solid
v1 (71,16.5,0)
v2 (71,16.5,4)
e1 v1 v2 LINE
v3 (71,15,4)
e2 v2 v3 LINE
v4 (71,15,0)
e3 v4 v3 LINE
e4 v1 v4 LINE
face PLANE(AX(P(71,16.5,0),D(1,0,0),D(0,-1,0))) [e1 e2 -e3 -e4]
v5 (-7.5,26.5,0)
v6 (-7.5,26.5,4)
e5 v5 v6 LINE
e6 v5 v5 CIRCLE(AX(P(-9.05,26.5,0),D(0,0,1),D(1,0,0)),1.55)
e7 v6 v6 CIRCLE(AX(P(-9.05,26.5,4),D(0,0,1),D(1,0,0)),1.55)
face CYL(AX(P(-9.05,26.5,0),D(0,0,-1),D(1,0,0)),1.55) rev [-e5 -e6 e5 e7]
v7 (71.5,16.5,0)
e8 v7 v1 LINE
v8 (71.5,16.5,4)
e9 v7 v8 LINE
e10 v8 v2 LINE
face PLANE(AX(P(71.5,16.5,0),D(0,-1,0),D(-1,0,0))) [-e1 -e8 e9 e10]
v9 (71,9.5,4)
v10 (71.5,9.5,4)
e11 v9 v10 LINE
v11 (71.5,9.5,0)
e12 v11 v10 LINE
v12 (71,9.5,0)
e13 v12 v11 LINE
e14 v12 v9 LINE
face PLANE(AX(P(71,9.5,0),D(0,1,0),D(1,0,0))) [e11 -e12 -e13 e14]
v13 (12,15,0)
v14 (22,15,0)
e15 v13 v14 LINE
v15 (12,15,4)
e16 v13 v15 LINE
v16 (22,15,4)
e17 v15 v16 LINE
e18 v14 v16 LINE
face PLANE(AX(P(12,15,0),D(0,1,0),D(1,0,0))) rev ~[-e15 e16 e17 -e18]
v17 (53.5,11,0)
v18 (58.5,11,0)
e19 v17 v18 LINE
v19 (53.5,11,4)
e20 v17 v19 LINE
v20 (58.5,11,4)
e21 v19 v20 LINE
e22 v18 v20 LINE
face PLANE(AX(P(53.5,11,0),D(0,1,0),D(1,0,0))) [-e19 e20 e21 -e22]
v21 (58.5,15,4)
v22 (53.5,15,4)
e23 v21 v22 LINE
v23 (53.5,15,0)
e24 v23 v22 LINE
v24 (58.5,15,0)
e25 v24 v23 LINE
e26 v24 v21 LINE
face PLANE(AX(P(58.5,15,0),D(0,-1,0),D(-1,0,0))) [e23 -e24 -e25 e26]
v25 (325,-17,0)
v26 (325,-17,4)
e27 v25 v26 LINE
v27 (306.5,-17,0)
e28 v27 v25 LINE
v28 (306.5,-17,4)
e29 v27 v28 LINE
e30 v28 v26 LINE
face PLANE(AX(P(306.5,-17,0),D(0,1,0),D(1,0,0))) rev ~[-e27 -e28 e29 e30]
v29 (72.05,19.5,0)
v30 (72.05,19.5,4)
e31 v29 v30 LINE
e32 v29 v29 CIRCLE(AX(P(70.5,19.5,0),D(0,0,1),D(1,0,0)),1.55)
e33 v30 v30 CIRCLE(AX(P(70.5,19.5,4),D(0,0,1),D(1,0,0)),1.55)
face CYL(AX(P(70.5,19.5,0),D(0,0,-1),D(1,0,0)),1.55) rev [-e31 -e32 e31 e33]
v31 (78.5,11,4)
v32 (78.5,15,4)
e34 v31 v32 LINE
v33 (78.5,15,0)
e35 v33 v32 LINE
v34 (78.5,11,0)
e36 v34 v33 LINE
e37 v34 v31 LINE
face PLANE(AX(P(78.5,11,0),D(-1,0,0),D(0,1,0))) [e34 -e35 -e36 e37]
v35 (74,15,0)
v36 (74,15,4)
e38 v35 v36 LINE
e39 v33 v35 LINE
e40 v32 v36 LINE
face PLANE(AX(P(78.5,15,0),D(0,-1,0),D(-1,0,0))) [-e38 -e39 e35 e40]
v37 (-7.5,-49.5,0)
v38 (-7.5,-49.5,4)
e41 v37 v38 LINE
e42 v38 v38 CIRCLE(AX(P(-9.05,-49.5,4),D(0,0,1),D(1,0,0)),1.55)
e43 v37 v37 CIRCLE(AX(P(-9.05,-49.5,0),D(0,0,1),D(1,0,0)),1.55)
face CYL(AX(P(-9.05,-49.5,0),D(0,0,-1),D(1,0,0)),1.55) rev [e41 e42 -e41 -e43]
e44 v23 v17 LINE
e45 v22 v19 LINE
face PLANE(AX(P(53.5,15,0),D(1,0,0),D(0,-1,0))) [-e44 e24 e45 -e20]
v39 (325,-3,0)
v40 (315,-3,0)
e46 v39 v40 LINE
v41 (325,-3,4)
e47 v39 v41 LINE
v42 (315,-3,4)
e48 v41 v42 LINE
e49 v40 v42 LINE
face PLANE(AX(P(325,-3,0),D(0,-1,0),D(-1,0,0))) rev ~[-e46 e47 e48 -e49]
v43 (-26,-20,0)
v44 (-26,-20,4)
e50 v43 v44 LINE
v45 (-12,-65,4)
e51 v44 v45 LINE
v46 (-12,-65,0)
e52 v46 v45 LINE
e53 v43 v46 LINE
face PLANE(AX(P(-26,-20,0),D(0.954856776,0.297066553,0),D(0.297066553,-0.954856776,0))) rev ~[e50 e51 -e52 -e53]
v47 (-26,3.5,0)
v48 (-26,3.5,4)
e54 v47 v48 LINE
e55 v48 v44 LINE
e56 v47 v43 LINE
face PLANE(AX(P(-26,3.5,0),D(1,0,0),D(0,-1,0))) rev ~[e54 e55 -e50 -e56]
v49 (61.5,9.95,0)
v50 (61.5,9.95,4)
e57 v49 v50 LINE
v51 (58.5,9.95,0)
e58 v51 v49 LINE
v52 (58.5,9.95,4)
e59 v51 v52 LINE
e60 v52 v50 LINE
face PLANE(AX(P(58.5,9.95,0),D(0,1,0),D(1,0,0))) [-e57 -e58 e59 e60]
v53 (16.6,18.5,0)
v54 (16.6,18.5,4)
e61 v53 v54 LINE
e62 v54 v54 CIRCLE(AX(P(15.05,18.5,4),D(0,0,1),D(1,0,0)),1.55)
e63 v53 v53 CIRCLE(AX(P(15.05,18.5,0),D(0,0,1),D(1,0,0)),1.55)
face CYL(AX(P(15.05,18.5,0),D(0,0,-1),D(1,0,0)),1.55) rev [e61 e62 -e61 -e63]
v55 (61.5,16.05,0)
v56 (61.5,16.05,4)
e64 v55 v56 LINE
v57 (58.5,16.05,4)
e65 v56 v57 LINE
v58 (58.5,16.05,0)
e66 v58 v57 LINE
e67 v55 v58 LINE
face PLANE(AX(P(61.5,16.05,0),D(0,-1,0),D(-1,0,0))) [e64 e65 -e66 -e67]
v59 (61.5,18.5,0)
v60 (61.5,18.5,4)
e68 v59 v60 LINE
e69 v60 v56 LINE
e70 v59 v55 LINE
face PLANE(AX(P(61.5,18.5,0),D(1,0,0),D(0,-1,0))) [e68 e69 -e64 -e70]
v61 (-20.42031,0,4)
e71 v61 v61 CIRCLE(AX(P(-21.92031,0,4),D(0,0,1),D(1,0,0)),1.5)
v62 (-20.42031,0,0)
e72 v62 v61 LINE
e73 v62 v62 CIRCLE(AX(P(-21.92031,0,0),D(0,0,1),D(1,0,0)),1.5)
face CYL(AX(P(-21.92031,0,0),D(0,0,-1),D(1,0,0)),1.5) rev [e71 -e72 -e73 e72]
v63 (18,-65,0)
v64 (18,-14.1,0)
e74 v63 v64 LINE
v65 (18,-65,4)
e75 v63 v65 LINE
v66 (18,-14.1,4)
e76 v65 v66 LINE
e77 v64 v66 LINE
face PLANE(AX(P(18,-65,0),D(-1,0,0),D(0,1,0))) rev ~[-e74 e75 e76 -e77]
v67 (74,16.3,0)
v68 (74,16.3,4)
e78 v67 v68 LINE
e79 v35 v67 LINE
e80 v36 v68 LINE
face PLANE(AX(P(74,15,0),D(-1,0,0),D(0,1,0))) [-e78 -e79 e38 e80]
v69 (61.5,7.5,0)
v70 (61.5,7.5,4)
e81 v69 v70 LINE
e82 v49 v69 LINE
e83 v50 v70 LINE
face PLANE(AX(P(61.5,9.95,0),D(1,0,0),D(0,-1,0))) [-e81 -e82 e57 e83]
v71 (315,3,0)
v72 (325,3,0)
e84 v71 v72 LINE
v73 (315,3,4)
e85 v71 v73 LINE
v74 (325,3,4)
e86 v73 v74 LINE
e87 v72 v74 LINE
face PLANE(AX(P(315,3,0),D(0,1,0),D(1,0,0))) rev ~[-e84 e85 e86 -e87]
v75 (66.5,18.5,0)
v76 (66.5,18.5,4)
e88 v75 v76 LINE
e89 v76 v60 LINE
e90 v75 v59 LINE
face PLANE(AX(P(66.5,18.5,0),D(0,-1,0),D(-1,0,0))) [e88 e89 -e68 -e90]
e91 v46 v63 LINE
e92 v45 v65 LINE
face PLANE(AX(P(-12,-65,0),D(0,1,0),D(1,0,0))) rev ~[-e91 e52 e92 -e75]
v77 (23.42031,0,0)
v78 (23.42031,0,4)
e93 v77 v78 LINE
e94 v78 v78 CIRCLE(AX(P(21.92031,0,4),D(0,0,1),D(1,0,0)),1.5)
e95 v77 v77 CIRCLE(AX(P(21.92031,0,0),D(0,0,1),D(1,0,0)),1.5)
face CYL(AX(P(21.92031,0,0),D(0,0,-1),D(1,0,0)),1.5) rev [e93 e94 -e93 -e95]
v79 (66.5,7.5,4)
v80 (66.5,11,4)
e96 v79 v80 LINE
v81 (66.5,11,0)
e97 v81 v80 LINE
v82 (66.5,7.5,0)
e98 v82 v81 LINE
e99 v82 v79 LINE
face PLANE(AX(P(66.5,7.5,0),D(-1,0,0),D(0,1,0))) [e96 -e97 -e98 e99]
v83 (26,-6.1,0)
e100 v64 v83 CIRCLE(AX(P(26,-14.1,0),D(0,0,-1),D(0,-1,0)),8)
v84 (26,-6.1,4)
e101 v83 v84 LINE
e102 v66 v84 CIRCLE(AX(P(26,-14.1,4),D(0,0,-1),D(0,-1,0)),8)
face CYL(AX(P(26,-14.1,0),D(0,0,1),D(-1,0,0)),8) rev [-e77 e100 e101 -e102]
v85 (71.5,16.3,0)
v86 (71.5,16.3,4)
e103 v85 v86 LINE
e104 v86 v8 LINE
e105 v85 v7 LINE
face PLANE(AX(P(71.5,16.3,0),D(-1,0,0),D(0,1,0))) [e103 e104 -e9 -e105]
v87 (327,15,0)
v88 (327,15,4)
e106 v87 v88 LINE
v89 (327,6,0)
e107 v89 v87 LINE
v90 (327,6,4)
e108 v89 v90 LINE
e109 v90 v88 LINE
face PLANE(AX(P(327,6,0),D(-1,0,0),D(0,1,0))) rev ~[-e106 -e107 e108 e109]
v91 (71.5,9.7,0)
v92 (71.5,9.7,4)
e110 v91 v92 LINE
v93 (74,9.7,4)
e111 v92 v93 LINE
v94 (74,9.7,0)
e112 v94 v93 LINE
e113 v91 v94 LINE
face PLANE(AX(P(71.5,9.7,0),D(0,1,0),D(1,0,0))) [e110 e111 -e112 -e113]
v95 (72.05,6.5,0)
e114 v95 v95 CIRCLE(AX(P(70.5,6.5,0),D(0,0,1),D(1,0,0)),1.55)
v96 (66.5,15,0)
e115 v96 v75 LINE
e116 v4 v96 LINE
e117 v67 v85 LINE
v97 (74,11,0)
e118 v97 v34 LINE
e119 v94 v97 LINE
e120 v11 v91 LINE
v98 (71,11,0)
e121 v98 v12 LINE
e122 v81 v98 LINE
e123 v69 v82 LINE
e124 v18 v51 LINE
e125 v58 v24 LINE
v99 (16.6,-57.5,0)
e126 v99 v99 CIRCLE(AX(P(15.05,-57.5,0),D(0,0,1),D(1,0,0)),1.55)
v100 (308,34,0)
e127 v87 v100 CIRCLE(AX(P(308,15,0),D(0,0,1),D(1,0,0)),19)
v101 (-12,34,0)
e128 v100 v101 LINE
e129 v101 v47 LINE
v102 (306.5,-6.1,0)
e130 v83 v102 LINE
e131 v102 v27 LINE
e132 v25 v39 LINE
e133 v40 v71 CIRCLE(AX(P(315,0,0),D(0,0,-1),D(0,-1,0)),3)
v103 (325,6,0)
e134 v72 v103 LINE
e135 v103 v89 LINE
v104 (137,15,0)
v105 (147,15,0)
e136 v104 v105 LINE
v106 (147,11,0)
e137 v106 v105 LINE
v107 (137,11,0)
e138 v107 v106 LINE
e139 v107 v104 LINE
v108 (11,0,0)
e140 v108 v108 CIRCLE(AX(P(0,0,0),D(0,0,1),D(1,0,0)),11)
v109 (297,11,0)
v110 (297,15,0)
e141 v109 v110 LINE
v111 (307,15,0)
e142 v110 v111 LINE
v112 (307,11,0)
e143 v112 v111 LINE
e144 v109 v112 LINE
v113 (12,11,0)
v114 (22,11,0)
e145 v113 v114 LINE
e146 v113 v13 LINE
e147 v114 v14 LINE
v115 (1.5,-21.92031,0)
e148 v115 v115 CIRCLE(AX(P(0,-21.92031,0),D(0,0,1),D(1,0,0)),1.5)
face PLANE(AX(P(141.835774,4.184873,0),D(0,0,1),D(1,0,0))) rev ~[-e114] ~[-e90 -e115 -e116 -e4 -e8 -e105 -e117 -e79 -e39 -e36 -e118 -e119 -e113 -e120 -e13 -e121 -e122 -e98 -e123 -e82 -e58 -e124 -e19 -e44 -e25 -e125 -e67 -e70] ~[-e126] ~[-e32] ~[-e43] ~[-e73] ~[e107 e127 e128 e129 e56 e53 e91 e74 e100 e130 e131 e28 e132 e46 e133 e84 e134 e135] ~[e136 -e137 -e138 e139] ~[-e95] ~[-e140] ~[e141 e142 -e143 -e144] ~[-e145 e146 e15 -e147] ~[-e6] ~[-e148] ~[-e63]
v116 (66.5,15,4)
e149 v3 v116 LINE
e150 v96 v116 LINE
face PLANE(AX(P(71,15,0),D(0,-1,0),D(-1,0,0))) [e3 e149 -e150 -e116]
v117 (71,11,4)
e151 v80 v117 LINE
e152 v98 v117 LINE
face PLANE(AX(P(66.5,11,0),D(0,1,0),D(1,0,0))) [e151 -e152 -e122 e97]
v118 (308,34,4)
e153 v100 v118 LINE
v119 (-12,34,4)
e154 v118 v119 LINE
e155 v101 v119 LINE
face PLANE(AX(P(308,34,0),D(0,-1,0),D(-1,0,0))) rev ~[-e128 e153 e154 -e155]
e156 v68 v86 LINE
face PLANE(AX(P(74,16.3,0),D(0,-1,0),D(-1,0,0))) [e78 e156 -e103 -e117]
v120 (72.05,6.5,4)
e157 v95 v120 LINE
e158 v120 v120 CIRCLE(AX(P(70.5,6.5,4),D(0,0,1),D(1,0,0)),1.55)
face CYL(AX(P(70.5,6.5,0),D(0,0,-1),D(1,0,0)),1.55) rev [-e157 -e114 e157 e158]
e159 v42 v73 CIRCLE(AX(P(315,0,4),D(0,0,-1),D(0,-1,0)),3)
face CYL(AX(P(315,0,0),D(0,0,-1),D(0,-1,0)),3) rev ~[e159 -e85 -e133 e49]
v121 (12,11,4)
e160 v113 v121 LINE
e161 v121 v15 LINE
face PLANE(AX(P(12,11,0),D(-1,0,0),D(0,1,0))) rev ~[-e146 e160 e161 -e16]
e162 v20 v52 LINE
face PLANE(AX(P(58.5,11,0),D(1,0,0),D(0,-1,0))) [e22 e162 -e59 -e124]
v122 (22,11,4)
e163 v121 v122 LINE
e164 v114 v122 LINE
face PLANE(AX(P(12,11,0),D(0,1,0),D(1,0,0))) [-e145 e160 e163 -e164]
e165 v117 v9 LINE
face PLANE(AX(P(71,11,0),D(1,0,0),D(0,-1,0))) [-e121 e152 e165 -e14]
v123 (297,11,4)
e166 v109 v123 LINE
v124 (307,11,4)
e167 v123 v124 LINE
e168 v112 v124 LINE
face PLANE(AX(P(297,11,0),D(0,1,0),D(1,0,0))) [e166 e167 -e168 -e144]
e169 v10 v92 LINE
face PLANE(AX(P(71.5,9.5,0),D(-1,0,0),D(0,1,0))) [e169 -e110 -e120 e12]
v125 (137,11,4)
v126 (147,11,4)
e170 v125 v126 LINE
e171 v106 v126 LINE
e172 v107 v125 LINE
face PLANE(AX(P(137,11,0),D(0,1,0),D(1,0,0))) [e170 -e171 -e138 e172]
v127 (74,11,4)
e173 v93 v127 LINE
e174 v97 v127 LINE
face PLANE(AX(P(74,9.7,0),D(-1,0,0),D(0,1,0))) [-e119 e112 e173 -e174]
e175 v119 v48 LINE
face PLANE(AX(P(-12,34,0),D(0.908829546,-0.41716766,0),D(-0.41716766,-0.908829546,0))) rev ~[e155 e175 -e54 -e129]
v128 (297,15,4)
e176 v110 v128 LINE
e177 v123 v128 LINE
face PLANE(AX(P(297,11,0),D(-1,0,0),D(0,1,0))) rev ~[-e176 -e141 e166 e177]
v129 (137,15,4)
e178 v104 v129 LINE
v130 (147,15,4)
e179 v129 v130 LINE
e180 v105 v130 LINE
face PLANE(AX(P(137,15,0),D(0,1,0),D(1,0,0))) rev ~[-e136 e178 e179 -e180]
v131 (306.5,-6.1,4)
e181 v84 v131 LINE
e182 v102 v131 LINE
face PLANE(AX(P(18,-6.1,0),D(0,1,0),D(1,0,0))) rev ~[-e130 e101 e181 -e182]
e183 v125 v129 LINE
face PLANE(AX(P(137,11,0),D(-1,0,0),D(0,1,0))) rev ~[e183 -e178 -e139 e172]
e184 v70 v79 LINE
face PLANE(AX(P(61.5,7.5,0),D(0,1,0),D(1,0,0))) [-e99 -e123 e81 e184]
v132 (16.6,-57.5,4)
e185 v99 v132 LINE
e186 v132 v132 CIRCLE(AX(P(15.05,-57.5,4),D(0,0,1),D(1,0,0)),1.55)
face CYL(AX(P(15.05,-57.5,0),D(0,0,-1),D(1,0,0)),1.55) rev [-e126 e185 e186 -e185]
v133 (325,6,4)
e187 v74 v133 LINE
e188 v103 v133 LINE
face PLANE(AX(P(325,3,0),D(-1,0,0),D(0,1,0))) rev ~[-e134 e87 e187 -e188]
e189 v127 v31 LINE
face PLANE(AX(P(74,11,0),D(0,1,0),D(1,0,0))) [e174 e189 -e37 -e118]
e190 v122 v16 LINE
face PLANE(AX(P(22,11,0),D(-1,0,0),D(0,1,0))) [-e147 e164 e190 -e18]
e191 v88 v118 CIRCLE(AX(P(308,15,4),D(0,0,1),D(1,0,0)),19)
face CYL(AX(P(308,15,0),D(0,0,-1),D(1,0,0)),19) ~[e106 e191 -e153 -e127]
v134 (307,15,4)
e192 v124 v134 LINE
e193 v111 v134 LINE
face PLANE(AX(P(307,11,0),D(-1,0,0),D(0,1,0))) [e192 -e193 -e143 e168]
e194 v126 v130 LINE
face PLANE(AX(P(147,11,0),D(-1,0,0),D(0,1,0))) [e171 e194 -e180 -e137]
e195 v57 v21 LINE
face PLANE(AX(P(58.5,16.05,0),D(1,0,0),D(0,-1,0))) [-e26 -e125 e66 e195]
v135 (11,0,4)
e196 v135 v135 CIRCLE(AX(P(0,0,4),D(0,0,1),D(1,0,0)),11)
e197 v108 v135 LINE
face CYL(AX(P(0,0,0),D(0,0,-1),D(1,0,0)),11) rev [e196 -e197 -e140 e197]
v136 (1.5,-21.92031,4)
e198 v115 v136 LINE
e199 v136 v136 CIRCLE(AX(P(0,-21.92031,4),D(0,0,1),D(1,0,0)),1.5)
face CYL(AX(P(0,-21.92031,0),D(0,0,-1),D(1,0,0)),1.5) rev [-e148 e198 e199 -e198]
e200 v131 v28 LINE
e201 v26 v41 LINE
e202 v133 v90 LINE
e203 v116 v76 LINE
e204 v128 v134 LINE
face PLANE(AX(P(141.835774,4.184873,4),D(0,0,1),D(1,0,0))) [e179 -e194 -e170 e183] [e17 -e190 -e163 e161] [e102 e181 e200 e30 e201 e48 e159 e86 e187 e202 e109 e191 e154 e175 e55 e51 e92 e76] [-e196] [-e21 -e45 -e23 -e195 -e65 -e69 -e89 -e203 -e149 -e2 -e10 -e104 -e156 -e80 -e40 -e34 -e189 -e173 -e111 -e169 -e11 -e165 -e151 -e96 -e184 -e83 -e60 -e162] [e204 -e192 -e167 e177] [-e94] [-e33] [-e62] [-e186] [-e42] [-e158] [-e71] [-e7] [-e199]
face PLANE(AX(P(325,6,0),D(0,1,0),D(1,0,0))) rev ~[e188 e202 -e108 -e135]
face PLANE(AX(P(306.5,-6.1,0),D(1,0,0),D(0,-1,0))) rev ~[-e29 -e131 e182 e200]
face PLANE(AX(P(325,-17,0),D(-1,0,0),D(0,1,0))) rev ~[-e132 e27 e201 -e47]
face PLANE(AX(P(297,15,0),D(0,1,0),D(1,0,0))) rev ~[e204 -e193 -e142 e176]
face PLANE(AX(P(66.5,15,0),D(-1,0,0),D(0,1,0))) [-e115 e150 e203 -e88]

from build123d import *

# Parameters (mm, degrees)
SKETCH1_R           = 1.5
SKETCH1_R_2         = 11
SKETCH1_R_3         = 1.55
SKETCH1_W           = 10
SKETCH1_H           = 4
BOSS_EXTRUDE1_DEPTH = 4
FILLET1_R           = 8


with BuildPart() as part:
    # Sketch1 → Boss-Extrude1 (new body)
    with BuildSketch(Plane.XY):
        with BuildLine():
            Line((-12, 34), (-26, 3.5))
            Line((-26, 3.5), (-26, -20))
            Line((-26, -20), (-12, -65))
            Line((-12, -65), (18, -65))
            Line((18, -65), (18, -45))
            Line((18, -45), (18, -6.1))
            Line((18, -6.1), (306.5, -6.1))
            Line((306.5, -6.1), (306.5, -17))
            Line((306.5, -17), (325, -17))
            Line((325, -17), (325, -3))
            Line((325, -3), (315, -3))
            ThreePointArc((315, -3), (312, 0), (315, 3))
            Line((315, 3), (325, 3))
            Line((325, 3), (325, 6))
            Line((325, 6), (327, 6))
            Line((327, 6), (327, 15))
            ThreePointArc((327, 15), (321.435028843, 28.435028843), (308, 34))
            Line((308, 34), (-12, 34))
        make_face()
        with Locations((21.920310217, 0)):
            Circle(SKETCH1_R, mode=Mode.SUBTRACT)
        with Locations((0, -21.920310217)):
            Circle(SKETCH1_R, mode=Mode.SUBTRACT)
        with Locations((-21.920310217, 0)):
            Circle(SKETCH1_R, mode=Mode.SUBTRACT)
        Circle(SKETCH1_R_2, mode=Mode.SUBTRACT)
        with Locations((-9.05, 26.5)):
            Circle(SKETCH1_R_3, mode=Mode.SUBTRACT)
        with Locations((15.05, 18.5)):
            Circle(SKETCH1_R_3, mode=Mode.SUBTRACT)
        with Locations((-9.05, -49.5)):
            Circle(SKETCH1_R_3, mode=Mode.SUBTRACT)
        with Locations((15.05, -57.5)):
            Circle(SKETCH1_R_3, mode=Mode.SUBTRACT)
        with Locations((70.5, 6.5)):
            Circle(SKETCH1_R_3, mode=Mode.SUBTRACT)
        with Locations((70.5, 19.5)):
            Circle(SKETCH1_R_3, mode=Mode.SUBTRACT)
        with Locations((17, 13)):
            Rectangle(SKETCH1_W, SKETCH1_H, mode=Mode.SUBTRACT)
        with Locations((142, 13)):
            Rectangle(SKETCH1_W, SKETCH1_H, mode=Mode.SUBTRACT)
        with Locations((302, 13)):
            Rectangle(SKETCH1_W, SKETCH1_H, mode=Mode.SUBTRACT)
        Polygon((53.5, 11), (58.5, 11), (58.5, 9.95), (61.5, 9.95), (61.5, 7.5), (66.5, 7.5), (66.5, 11), (71, 11), (71, 9.5), (71.5, 9.5), (71.5, 9.7), (74, 9.7), (74, 11), (78.5, 11), (78.5, 15), (74, 15), (74, 16.3), (71.5, 16.3), (71.5, 16.5), (71, 16.5), (71, 15), (66.5, 15), (66.5, 18.5), (61.5, 18.5), (61.5, 16.05), (58.5, 16.05), (58.5, 15), (53.5, 15), align=None, mode=Mode.SUBTRACT)
    extrude(amount=BOSS_EXTRUDE1_DEPTH)

    # Fillet1
    fillet1_edges = [part.edges().sort_by_distance(p)[0] for p in [
        (18, -6.1, 2),
    ]]
    fillet(fillet1_edges, radius=FILLET1_R)


solid = part.part
